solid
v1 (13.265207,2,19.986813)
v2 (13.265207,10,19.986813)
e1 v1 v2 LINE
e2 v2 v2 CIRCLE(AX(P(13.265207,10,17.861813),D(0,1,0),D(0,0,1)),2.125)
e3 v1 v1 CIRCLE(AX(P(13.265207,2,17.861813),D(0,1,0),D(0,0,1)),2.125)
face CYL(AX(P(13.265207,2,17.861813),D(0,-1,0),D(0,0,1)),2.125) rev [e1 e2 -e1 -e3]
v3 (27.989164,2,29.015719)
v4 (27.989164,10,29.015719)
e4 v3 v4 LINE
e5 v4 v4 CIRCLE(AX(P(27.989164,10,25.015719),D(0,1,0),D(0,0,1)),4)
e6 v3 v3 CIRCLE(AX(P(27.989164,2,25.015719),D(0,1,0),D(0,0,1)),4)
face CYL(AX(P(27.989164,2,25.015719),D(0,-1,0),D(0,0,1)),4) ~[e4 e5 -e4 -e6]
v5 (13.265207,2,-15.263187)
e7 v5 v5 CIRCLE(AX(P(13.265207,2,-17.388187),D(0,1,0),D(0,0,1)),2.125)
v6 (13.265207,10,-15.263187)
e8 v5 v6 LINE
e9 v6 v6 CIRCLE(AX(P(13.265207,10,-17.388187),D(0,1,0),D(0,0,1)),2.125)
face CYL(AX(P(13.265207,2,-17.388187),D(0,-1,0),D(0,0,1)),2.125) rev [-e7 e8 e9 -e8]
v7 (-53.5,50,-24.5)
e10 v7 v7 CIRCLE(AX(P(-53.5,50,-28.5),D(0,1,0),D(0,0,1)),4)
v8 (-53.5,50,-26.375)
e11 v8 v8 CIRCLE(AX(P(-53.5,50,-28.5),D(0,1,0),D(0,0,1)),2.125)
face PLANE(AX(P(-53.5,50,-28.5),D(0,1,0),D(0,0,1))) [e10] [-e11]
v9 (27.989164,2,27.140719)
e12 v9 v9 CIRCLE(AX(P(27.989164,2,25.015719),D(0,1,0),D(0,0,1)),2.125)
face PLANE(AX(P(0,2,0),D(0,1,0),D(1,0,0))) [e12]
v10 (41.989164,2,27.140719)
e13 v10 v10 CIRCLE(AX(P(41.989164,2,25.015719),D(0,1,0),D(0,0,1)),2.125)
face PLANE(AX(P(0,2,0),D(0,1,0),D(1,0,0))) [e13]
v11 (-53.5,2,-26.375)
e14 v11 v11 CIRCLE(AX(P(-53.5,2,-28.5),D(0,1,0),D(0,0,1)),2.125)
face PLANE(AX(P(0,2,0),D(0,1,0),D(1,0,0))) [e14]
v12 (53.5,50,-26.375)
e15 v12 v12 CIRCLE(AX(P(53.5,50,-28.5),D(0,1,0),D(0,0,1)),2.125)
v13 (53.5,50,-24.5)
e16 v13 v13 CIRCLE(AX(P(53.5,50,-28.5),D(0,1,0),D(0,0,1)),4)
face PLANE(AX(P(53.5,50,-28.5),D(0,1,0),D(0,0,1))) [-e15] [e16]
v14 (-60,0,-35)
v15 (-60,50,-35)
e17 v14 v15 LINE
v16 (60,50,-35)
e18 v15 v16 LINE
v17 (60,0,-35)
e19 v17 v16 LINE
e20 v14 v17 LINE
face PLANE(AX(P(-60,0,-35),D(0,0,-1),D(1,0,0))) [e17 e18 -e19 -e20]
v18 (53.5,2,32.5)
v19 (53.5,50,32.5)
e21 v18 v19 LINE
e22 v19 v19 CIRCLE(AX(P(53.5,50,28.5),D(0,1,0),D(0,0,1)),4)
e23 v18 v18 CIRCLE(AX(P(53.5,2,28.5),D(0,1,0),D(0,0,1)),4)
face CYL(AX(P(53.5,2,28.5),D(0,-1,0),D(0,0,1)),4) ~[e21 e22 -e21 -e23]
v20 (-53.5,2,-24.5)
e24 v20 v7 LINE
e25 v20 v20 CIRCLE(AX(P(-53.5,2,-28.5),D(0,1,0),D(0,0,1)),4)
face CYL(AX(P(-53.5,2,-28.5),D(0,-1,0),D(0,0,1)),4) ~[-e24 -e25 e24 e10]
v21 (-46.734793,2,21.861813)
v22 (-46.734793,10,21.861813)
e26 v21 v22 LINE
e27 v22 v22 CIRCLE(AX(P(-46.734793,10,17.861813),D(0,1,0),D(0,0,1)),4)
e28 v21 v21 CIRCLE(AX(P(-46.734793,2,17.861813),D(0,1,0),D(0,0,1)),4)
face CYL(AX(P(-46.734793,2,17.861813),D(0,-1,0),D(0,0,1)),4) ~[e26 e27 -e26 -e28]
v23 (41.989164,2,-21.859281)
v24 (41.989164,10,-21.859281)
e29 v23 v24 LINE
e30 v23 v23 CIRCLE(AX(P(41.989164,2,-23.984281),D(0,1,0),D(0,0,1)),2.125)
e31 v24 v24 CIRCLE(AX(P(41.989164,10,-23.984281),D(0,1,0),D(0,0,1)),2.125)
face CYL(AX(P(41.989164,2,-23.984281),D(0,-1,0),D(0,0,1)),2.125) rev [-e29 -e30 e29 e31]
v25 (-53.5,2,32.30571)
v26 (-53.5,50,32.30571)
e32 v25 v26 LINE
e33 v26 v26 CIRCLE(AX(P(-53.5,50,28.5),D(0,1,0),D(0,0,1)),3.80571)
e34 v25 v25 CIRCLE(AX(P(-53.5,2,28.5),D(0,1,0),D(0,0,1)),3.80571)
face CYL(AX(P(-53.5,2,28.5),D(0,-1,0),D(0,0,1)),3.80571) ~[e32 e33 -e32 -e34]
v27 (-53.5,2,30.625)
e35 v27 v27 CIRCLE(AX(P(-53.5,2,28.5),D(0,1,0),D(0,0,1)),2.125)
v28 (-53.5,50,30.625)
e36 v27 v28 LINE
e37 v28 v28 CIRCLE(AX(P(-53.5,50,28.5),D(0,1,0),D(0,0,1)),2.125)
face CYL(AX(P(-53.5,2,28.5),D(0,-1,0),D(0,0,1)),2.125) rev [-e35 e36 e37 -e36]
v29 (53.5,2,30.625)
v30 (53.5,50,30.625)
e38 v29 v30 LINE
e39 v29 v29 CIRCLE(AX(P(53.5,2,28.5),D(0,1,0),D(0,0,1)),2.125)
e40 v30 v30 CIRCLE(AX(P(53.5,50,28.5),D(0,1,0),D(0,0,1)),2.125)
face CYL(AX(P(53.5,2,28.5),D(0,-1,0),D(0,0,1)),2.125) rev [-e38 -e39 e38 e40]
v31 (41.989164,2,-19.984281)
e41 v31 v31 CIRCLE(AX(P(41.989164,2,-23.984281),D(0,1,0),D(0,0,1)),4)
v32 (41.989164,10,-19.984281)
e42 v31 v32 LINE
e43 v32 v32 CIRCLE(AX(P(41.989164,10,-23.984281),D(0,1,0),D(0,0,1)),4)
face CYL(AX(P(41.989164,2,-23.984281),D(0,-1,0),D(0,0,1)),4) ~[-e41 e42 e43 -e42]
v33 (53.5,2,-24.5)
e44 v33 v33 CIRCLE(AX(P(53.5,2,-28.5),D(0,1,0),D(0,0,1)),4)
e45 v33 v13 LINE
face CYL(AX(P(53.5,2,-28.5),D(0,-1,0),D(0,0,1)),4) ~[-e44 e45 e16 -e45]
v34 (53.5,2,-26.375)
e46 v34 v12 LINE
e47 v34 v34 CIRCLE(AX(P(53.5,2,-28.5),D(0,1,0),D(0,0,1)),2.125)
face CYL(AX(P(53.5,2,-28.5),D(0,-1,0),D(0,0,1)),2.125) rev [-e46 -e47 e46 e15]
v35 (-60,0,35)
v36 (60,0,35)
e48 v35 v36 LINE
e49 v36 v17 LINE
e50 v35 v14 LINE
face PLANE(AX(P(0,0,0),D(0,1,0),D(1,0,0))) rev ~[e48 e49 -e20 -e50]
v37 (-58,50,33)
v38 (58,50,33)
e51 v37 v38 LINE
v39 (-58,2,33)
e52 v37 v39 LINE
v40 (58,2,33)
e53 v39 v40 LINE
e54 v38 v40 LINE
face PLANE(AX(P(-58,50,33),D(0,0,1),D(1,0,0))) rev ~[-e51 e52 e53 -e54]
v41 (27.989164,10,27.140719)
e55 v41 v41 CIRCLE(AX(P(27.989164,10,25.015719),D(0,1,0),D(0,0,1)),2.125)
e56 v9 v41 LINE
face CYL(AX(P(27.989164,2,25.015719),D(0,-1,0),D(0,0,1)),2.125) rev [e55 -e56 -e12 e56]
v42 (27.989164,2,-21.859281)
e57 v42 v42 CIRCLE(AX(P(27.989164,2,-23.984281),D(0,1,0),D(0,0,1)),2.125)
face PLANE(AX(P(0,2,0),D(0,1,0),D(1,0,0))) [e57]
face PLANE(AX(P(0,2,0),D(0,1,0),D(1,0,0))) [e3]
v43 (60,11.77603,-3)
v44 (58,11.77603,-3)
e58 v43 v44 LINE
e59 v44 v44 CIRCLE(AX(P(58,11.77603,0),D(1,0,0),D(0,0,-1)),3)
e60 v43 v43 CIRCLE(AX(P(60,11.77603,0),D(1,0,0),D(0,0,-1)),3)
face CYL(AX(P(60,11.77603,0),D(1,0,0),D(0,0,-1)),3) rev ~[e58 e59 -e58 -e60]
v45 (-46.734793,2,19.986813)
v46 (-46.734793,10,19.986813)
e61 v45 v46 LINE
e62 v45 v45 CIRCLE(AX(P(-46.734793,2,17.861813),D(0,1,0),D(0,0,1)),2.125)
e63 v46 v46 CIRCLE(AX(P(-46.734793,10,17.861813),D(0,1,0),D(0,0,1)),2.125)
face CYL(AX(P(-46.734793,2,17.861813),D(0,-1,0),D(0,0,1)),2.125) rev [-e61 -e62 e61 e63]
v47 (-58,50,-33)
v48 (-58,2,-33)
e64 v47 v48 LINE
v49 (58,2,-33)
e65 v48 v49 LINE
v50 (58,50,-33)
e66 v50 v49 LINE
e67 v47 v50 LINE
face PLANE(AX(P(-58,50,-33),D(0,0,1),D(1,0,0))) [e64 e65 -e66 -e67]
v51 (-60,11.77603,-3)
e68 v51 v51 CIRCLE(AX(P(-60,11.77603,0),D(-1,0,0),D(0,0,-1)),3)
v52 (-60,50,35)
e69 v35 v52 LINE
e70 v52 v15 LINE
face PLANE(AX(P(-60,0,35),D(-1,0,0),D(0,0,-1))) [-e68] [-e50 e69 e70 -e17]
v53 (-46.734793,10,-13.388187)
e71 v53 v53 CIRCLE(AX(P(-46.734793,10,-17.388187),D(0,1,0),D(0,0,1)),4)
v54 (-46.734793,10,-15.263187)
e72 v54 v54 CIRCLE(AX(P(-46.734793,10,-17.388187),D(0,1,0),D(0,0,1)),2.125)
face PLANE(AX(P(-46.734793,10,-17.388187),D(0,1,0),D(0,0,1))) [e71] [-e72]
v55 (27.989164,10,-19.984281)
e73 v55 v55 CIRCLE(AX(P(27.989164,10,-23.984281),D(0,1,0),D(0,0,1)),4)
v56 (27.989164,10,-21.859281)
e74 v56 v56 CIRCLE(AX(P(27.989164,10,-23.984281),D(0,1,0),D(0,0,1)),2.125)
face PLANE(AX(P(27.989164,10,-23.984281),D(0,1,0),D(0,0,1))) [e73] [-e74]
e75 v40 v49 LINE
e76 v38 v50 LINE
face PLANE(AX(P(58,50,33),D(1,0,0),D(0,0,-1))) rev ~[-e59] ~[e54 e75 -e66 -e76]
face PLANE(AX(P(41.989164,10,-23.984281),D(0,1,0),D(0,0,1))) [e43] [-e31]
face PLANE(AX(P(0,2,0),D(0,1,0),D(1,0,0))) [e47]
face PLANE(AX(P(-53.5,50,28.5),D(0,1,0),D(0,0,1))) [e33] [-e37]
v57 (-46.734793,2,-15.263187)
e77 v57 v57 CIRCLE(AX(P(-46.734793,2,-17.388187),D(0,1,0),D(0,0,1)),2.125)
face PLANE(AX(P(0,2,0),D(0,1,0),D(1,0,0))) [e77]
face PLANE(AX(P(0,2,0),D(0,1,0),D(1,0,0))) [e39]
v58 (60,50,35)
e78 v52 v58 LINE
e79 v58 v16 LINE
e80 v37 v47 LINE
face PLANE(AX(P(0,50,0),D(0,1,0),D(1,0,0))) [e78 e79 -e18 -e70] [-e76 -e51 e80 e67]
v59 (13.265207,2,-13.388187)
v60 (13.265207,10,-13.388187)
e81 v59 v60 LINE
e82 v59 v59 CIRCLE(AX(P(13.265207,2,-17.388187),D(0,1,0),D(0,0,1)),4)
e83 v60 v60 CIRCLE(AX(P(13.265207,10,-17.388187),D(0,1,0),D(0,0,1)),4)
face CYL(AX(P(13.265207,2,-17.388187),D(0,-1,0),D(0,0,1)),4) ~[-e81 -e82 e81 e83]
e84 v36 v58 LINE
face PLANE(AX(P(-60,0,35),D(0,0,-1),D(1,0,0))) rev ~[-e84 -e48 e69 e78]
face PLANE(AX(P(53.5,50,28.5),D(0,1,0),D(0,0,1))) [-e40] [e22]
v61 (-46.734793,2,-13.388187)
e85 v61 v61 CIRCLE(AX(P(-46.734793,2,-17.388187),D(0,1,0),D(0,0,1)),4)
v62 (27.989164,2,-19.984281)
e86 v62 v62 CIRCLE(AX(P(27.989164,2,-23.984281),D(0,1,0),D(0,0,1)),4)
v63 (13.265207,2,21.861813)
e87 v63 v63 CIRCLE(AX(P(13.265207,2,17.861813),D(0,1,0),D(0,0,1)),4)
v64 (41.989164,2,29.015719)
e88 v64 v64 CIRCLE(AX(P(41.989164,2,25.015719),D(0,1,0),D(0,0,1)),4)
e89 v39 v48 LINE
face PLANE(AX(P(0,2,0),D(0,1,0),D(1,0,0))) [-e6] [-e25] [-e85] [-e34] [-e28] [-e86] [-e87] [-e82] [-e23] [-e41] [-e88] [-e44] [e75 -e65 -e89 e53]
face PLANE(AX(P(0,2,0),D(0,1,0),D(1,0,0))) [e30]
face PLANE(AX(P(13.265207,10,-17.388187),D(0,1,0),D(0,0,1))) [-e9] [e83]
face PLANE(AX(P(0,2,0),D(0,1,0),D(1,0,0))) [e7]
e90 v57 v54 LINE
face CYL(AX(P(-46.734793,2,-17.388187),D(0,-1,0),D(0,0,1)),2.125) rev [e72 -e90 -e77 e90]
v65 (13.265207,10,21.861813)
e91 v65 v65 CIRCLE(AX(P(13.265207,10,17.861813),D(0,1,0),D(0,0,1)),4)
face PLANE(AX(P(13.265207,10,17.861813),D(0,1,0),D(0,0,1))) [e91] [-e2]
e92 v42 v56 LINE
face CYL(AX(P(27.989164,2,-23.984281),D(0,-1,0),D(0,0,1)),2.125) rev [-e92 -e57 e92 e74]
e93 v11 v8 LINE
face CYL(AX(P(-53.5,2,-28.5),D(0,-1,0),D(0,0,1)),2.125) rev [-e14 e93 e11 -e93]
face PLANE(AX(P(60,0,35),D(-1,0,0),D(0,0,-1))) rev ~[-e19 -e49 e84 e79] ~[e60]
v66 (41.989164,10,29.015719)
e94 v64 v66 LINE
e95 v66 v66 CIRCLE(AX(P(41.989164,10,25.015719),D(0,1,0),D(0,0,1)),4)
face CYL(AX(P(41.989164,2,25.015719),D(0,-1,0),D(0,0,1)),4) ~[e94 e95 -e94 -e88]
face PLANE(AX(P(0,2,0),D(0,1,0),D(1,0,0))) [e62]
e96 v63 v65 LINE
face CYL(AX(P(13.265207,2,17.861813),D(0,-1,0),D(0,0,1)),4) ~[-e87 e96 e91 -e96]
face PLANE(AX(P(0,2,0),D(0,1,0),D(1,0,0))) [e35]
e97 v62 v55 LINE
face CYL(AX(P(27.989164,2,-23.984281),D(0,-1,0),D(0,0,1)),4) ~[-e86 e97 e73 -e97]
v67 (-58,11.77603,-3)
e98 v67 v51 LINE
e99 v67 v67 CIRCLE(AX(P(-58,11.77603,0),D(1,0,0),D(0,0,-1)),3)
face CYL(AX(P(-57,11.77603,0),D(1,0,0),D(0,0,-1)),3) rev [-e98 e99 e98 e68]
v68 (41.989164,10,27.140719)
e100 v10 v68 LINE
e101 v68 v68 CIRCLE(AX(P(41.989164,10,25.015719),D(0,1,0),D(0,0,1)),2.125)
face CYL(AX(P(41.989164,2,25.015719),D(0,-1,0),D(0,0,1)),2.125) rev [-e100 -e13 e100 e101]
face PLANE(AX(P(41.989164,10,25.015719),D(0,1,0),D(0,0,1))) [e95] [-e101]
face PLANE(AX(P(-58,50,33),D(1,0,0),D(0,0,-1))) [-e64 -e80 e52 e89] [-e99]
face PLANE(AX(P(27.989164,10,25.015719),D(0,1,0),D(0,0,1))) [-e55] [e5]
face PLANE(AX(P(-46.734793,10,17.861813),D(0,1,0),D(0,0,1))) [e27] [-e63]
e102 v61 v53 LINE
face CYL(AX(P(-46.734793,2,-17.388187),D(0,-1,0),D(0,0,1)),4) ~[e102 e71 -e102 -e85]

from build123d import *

# Parameters (mm, degrees)
SKETCH1_W           = 120
SKETCH1_H           = 70
BOSS_EXTRUDE1_DEPTH = 50
SKETCH4_W           = 116
SKETCH4_H           = 66
CUT_EXTRUDE1_DEPTH  = 48
SKETCH5_R           = 4
SKETCH5_R_2         = 2.125
SKETCH5_R_3         = 3.805710372
BOSS_EXTRUDE2_DEPTH = 48
SKETCH7_R           = 4
SKETCH7_R_2         = 2.125
BOSS_EXTRUDE3_DEPTH = 8
SKETCH9_R           = 3
CUT_EXTRUDE2_DEPTH  = 3
CUT_EXTRUDE3_START  = -3
SKETCH10_R          = 3
CUT_EXTRUDE3_DEPTH  = 3


with BuildPart() as part:
    # Sketch1 → Boss-Extrude1 (new body)
    with BuildSketch(Plane(origin=(0, 0, 0), x_dir=(1, 0, 0), z_dir=(0, 1, 0))):
        Rectangle(SKETCH1_W, SKETCH1_H)
    extrude(amount=BOSS_EXTRUDE1_DEPTH)

    # Sketch4 → Cut-Extrude1 (cut)
    with BuildSketch(Plane(origin=(0, 50, 0), x_dir=(1, 0, 0), z_dir=(0, 1, 0))):
        Rectangle(SKETCH4_W, SKETCH4_H)
    extrude(amount=-CUT_EXTRUDE1_DEPTH, mode=Mode.SUBTRACT)

    # Sketch5 → Boss-Extrude2 (add)
    # profile 1 of 4: a face of its own
    with BuildSketch(Plane(origin=(0, 2, 0), x_dir=(1, 0, 0), z_dir=(0, 1, 0))):
        with Locations(Location((-53.5, 28.5, 0), (0, 0, 270))):
            Circle(SKETCH5_R)
        with Locations(Location((-53.5, 28.5, 0), (0, 0, 270))):
            Circle(SKETCH5_R_2, mode=Mode.SUBTRACT)
    # profile 2 of 4: a face of its own
    with BuildSketch(Plane(origin=(0, 2, 0), x_dir=(1, 0, 0), z_dir=(0, 1, 0))):
        with Locations(Location((-53.5, -28.5, 0), (0, 0, 270))):
            Circle(SKETCH5_R_3)
        with Locations(Location((-53.5, -28.5, 0), (0, 0, 270))):
            Circle(SKETCH5_R_2, mode=Mode.SUBTRACT)
    # profile 3 of 4: a face of its own
    with BuildSketch(Plane(origin=(0, 2, 0), x_dir=(1, 0, 0), z_dir=(0, 1, 0))):
        with Locations(Location((53.5, -28.5, 0), (0, 0, 270))):
            Circle(SKETCH5_R)
        with Locations(Location((53.5, -28.5, 0), (0, 0, 270))):
            Circle(SKETCH5_R_2, mode=Mode.SUBTRACT)
    # profile 4 of 4: a face of its own
    with BuildSketch(Plane(origin=(0, 2, 0), x_dir=(1, 0, 0), z_dir=(0, 1, 0))):
        with Locations(Location((53.5, 28.5, 0), (0, 0, 270))):
            Circle(SKETCH5_R)
        with Locations(Location((53.5, 28.5, 0), (0, 0, 270))):
            Circle(SKETCH5_R_2, mode=Mode.SUBTRACT)
    extrude(amount=BOSS_EXTRUDE2_DEPTH)

    # Sketch7 → Boss-Extrude3 (add)
    # profile 1 of 8: a face of its own
    with BuildSketch(Plane(origin=(0, 2, 0), x_dir=(1, 0, 0), z_dir=(0, 1, 0))):
        with Locations(Location((41.989163704, 23.984280939, 0), (0, 0, 270))):
            Circle(SKETCH7_R)
        with Locations(Location((41.989163704, 23.984280939, 0), (0, 0, 270))):
            Circle(SKETCH7_R_2, mode=Mode.SUBTRACT)
    # profile 2 of 8: a face of its own
    with BuildSketch(Plane(origin=(0, 2, 0), x_dir=(1, 0, 0), z_dir=(0, 1, 0))):
        with Locations(Location((27.989163704, 23.984280939, 0), (0, 0, 270))):
            Circle(SKETCH7_R)
        with Locations(Location((27.989163704, 23.984280939, 0), (0, 0, 270))):
            Circle(SKETCH7_R_2, mode=Mode.SUBTRACT)
    # profile 3 of 8: a face of its own
    with BuildSketch(Plane(origin=(0, 2, 0), x_dir=(1, 0, 0), z_dir=(0, 1, 0))):
        with Locations(Location((27.989163704, -25.015719061, 0), (0, 0, 270))):
            Circle(SKETCH7_R)
        with Locations(Location((27.989163704, -25.015719061, 0), (0, 0, 270))):
            Circle(SKETCH7_R_2, mode=Mode.SUBTRACT)
    # profile 4 of 8: a face of its own
    with BuildSketch(Plane(origin=(0, 2, 0), x_dir=(1, 0, 0), z_dir=(0, 1, 0))):
        with Locations(Location((41.989163704, -25.015719061, 0), (0, 0, 270))):
            Circle(SKETCH7_R)
        with Locations(Location((41.989163704, -25.015719061, 0), (0, 0, 270))):
            Circle(SKETCH7_R_2, mode=Mode.SUBTRACT)
    # profile 5 of 8: a face of its own
    with BuildSketch(Plane(origin=(0, 2, 0), x_dir=(1, 0, 0), z_dir=(0, 1, 0))):
        with Locations(Location((13.265207025, -17.861812849, 0), (0, 0, 270))):
            Circle(SKETCH7_R)
        with Locations(Location((13.265207025, -17.861812849, 0), (0, 0, 270))):
            Circle(SKETCH7_R_2, mode=Mode.SUBTRACT)
    # profile 6 of 8: a face of its own
    with BuildSketch(Plane(origin=(0, 2, 0), x_dir=(1, 0, 0), z_dir=(0, 1, 0))):
        with Locations(Location((13.265207025, 17.388187151, 0), (0, 0, 270))):
            Circle(SKETCH7_R)
        with Locations(Location((13.265207025, 17.388187151, 0), (0, 0, 270))):
            Circle(SKETCH7_R_2, mode=Mode.SUBTRACT)
    # profile 7 of 8: a face of its own
    with BuildSketch(Plane(origin=(0, 2, 0), x_dir=(1, 0, 0), z_dir=(0, 1, 0))):
        with Locations(Location((-46.734792975, 17.388187151, 0), (0, 0, 270))):
            Circle(SKETCH7_R)
        with Locations(Location((-46.734792975, 17.388187151, 0), (0, 0, 270))):
            Circle(SKETCH7_R_2, mode=Mode.SUBTRACT)
    # profile 8 of 8: a face of its own
    with BuildSketch(Plane(origin=(0, 2, 0), x_dir=(1, 0, 0), z_dir=(0, 1, 0))):
        with Locations(Location((-46.734792975, -17.861812849, 0), (0, 0, 270))):
            Circle(SKETCH7_R)
        with Locations(Location((-46.734792975, -17.861812849, 0), (0, 0, 270))):
            Circle(SKETCH7_R_2, mode=Mode.SUBTRACT)
    extrude(amount=BOSS_EXTRUDE3_DEPTH)

    # Sketch9 → Cut-Extrude2 (cut)
    with BuildSketch(Plane(origin=(60, 0, 0), x_dir=(0, 0, -1), z_dir=(1, 0, 0))):
        with Locations((0, 11.776029547)):
            Circle(SKETCH9_R)
    extrude(amount=-CUT_EXTRUDE2_DEPTH, mode=Mode.SUBTRACT)

    # Sketch10 → Cut-Extrude3 (cut)
    with BuildSketch(Plane.ZY.offset(60).offset(CUT_EXTRUDE3_START)):
        with Locations(Location((0, 11.776029547, 0), (0, 0, 180))):
            Circle(SKETCH10_R)
    extrude(amount=CUT_EXTRUDE3_DEPTH, mode=Mode.SUBTRACT)


solid = part.part
